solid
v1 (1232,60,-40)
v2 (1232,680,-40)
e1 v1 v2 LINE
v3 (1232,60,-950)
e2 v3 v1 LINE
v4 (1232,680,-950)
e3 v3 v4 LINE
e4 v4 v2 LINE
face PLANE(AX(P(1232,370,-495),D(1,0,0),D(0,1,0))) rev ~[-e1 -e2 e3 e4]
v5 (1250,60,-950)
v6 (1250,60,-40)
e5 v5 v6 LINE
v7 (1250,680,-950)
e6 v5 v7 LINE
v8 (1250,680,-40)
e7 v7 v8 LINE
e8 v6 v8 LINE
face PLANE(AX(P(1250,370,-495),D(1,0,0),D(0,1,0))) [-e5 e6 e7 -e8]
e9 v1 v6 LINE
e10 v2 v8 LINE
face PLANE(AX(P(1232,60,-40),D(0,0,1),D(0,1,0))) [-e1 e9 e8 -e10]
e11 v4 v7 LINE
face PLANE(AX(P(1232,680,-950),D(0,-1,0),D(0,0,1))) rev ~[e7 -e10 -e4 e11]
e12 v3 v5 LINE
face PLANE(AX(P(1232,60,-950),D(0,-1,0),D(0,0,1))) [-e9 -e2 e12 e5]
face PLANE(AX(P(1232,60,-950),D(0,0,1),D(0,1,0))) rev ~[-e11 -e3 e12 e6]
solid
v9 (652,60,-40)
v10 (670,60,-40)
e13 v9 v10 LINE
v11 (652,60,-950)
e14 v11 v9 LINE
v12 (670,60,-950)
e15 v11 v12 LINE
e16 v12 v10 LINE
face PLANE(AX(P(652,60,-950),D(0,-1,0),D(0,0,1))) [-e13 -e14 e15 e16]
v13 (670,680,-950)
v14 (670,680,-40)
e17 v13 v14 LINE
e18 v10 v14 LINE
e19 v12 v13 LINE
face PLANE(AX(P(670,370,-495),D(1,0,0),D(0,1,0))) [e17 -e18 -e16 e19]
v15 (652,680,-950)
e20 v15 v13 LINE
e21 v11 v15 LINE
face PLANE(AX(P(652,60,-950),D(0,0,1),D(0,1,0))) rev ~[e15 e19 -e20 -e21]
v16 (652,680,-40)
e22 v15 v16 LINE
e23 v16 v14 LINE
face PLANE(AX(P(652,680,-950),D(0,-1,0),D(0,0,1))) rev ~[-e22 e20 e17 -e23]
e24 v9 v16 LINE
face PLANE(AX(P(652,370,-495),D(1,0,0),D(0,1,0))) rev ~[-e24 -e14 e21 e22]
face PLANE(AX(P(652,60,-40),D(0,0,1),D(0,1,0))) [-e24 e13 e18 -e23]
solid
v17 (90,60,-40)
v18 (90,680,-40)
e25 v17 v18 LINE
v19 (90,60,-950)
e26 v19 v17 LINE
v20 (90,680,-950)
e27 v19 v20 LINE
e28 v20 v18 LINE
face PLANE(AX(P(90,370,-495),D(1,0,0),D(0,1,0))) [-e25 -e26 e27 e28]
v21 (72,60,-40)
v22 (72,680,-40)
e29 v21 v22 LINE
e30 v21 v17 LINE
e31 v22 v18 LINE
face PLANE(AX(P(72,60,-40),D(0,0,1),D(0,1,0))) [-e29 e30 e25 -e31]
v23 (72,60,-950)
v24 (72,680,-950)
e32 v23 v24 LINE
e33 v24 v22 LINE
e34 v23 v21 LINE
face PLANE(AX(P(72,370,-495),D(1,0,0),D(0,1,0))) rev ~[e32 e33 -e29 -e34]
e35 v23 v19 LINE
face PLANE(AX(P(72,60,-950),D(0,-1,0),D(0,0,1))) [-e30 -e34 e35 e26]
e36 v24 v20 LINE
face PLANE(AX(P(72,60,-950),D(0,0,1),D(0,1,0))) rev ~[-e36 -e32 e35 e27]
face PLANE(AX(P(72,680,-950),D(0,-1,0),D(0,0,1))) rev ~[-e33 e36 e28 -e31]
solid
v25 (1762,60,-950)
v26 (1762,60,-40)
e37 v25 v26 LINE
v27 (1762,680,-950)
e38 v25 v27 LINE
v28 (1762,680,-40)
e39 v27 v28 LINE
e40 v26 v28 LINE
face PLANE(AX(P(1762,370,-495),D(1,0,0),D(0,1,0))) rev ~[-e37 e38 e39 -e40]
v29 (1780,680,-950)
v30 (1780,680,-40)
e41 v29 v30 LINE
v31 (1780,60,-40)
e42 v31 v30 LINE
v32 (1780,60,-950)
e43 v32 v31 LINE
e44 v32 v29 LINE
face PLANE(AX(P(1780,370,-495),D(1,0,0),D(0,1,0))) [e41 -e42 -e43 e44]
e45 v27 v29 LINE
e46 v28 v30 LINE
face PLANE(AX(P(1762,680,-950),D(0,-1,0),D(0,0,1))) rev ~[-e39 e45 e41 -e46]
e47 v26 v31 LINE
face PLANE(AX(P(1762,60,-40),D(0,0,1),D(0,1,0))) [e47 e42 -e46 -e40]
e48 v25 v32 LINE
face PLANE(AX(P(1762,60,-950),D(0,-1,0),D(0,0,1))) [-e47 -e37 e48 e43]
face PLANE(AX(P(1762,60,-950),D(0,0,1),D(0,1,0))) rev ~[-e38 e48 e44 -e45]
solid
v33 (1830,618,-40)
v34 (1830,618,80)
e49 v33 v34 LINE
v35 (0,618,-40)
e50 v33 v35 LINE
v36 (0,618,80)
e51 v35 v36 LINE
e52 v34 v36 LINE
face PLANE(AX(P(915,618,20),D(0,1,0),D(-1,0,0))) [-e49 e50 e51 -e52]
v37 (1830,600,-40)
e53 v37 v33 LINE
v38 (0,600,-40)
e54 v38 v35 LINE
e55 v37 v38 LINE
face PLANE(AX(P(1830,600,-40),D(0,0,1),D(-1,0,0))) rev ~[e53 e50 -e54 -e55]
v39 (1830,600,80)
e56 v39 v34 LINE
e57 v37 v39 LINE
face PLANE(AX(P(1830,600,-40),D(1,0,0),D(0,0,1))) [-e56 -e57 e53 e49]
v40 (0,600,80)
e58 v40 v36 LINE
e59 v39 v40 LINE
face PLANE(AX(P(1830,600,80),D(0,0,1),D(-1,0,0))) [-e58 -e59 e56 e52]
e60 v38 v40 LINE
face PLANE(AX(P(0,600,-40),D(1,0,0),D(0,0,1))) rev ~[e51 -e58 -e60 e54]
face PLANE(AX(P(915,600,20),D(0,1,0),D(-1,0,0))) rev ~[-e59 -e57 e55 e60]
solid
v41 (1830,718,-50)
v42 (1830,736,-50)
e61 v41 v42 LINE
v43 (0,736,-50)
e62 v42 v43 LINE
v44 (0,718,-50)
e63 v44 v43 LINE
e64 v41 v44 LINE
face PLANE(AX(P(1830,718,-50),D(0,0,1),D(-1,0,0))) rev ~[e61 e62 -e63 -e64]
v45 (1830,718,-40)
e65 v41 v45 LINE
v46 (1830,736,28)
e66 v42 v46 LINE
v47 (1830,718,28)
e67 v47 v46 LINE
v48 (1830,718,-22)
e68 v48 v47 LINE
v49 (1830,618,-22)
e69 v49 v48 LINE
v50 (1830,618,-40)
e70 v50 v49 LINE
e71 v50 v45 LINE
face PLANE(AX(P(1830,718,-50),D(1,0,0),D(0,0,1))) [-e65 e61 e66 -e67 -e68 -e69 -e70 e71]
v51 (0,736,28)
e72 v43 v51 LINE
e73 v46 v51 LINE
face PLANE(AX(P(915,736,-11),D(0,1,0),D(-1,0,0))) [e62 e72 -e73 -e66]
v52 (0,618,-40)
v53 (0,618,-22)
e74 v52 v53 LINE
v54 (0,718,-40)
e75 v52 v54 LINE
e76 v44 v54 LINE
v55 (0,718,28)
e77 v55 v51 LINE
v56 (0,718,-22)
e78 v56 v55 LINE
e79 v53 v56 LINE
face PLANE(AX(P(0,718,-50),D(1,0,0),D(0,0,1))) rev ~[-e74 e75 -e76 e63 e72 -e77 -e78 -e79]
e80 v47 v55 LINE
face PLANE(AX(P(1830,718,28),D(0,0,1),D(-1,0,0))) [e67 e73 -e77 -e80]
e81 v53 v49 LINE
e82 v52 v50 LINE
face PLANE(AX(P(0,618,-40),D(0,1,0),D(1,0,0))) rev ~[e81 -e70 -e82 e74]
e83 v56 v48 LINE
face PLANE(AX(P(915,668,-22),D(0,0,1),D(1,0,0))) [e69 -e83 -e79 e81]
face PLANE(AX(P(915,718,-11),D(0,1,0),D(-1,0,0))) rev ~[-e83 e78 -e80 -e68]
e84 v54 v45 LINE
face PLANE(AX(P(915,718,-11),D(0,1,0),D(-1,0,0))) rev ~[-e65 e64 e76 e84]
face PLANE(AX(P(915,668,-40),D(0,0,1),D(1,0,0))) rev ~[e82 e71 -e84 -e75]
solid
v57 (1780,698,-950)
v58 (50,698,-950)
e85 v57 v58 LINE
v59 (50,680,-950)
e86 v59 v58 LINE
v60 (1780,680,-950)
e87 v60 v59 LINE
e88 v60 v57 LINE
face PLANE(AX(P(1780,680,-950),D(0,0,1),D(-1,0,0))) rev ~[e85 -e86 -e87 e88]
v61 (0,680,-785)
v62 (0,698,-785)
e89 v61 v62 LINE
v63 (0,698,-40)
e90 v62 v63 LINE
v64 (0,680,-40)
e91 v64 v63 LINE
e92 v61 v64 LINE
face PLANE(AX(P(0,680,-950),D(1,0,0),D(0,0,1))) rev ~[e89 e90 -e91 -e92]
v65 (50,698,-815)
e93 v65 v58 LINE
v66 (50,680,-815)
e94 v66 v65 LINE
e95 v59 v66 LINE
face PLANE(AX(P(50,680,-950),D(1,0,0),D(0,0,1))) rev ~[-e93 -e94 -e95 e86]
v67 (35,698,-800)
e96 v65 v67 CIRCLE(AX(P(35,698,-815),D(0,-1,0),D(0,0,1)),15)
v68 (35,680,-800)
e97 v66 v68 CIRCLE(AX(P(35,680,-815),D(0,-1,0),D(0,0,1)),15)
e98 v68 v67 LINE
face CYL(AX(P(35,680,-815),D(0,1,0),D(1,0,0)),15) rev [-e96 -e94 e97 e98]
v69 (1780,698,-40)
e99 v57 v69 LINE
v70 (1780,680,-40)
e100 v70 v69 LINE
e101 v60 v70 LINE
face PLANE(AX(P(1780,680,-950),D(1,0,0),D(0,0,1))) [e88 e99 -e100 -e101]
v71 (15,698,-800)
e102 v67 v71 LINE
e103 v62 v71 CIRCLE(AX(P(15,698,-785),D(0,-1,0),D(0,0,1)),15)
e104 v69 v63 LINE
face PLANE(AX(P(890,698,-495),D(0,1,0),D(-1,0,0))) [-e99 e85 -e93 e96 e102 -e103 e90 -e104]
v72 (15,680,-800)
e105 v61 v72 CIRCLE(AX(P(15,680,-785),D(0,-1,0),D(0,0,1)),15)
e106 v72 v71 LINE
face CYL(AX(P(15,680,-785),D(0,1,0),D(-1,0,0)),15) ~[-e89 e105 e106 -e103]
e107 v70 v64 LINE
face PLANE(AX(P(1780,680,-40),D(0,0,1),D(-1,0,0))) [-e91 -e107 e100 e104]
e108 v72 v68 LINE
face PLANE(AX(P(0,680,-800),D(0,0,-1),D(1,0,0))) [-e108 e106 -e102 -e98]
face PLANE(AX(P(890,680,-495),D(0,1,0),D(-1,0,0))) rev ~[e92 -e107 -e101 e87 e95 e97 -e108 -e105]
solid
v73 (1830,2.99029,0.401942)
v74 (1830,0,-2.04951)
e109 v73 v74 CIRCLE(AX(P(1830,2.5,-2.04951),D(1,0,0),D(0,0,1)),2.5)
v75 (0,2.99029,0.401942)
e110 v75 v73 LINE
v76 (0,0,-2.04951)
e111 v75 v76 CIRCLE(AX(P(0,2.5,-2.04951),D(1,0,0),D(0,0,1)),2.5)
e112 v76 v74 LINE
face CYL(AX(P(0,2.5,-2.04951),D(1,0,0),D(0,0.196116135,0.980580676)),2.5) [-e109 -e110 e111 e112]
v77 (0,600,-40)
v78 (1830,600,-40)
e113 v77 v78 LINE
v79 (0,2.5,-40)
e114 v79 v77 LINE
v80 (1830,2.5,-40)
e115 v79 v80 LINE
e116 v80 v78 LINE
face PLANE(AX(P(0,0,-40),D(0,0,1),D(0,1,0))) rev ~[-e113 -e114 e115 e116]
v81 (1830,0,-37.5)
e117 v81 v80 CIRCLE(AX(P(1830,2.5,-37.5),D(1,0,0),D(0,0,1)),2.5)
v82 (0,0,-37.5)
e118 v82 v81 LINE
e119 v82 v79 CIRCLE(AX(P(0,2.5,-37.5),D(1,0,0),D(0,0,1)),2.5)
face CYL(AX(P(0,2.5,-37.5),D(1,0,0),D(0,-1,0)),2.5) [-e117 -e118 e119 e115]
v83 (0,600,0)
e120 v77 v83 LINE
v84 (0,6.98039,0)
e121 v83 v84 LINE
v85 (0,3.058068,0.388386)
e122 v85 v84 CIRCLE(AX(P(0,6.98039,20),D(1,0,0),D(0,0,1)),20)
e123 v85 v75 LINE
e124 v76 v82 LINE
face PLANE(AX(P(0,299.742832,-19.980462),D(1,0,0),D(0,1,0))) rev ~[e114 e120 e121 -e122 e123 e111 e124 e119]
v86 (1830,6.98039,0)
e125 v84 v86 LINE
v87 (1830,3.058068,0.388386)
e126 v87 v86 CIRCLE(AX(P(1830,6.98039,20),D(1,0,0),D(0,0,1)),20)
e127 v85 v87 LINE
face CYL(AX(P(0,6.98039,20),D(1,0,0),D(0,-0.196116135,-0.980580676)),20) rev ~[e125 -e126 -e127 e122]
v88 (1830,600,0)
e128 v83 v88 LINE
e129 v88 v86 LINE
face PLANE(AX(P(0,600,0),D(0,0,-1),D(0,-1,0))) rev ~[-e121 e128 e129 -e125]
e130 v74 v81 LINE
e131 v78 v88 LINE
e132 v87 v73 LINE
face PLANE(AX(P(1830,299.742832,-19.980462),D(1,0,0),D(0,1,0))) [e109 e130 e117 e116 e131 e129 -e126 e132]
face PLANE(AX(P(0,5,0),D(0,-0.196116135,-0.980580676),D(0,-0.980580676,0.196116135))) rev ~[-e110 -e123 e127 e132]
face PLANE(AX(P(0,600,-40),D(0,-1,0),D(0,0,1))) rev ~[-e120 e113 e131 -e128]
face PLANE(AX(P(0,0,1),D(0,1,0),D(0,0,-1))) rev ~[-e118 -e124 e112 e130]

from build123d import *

# Parameters (mm, degrees)
F1_DEPTH  = 1830
F2_R      = 2.5
F3_R      = 20
F5_W      = 620
F5_H      = 910
F6_DEPTH  = 18
F8_W      = 620
F8_H      = 910
F9_DEPTH  = 18
F11_W     = 620
F11_H     = 910
F12_DEPTH = 18
F14_W     = 620
F14_H     = 910
F15_DEPTH = 18
F17_W     = 1780
F17_H     = 910
F18_DEPTH = 18
F20_W     = 1830
F20_H     = 120
F21_DEPTH = 18
F23_W     = 1830
F23_H     = 100
F24_DEPTH = 18
F26_W     = 1830
F26_H     = 78
F27_DEPTH = 18
F29_W     = 50
F29_H     = 150
F30_DEPTH = 56.001
F31_R     = 15


with BuildPart() as f1:
    # F0 (on Right) → F1 (new body)
    with BuildSketch(Plane.YZ):
        Polygon((600, -40), (600, 0), (5, 0), (0, 1), (0, -40), align=None)
    extrude(amount=F1_DEPTH)

    # F2
    f2_edges = [f1.edges().sort_by_distance(p)[0] for p in [
        (915, 0, 1),
        (915, 0, -40),
    ]]
    fillet(f2_edges, radius=F2_R)

    # F3
    f3_edges = [f1.edges().sort_by_distance(p)[0] for p in [
        (915, 5, 0),
    ]]
    fillet(f3_edges, radius=F3_R)


with BuildPart() as f6:
    # F5 (on offset) → F6 (new body)
    with BuildSketch(Plane.YZ.offset(1762)):
        with Locations((370, -495)):
            Rectangle(F5_W, F5_H)
    extrude(amount=F6_DEPTH)


with BuildPart() as f9:
    # F8 (on offset) → F9 (new body)
    with BuildSketch(Plane.YZ.offset(1232)):
        with Locations((370, -495)):
            Rectangle(F8_W, F8_H)
    extrude(amount=F9_DEPTH)


with BuildPart() as f12:
    # F11 (on offset) → F12 (new body)
    with BuildSketch(Plane.YZ.offset(652)):
        with Locations((370, -495)):
            Rectangle(F11_W, F11_H)
    extrude(amount=F12_DEPTH)


with BuildPart() as f15:
    # F14 (on offset) → F15 (new body)
    with BuildSketch(Plane.YZ.offset(72)):
        with Locations((370, -495)):
            Rectangle(F14_W, F14_H)
    extrude(amount=F15_DEPTH)


with BuildPart() as f18:
    # F17 (on offset) → F18 (new body)
    with BuildSketch(Plane(origin=(0, 680, 0), x_dir=(-1, 0, 0), z_dir=(0, 1, 0))):
        with Locations((-890, -495)):
            Rectangle(F17_W, F17_H)
    extrude(amount=F18_DEPTH)

    # F29 (on offset) → F30 (cut, through all)
    with BuildSketch(Plane.XZ.offset(-680)):
        with Locations((25, -875)):
            Rectangle(F29_W, F29_H)
    extrude(amount=-F30_DEPTH, mode=Mode.SUBTRACT)

    # F31
    f31_edges = [f18.edges().sort_by_distance(p)[0] for p in [
        (50, 689, -800),
        (0, 689, -800),
    ]]
    fillet(f31_edges, radius=F31_R)


with BuildPart() as f21:
    # F20 (on offset) → F21 (new body)
    with BuildSketch(Plane(origin=(0, 600, 0), x_dir=(-1, 0, 0), z_dir=(0, 1, 0))):
        with Locations((-915, 20)):
            Rectangle(F20_W, F20_H)
    extrude(amount=F21_DEPTH)


with BuildPart() as f24:
    # F23 (on offset) → F24 (new body)
    with BuildSketch(Plane.XY.offset(-40)):
        with Locations((915, 668)):
            Rectangle(F23_W, F23_H)
    extrude(amount=F24_DEPTH)

    # F26 (on offset) → F27 (join)
    with BuildSketch(Plane(origin=(0, 718, 0), x_dir=(-1, 0, 0), z_dir=(0, 1, 0))):
        with Locations((-915, -11)):
            Rectangle(F26_W, F26_H)
    extrude(amount=F27_DEPTH)


solid = Compound([f1.part, f6.part, f9.part, f12.part, f15.part, f18.part, f21.part, f24.part])
